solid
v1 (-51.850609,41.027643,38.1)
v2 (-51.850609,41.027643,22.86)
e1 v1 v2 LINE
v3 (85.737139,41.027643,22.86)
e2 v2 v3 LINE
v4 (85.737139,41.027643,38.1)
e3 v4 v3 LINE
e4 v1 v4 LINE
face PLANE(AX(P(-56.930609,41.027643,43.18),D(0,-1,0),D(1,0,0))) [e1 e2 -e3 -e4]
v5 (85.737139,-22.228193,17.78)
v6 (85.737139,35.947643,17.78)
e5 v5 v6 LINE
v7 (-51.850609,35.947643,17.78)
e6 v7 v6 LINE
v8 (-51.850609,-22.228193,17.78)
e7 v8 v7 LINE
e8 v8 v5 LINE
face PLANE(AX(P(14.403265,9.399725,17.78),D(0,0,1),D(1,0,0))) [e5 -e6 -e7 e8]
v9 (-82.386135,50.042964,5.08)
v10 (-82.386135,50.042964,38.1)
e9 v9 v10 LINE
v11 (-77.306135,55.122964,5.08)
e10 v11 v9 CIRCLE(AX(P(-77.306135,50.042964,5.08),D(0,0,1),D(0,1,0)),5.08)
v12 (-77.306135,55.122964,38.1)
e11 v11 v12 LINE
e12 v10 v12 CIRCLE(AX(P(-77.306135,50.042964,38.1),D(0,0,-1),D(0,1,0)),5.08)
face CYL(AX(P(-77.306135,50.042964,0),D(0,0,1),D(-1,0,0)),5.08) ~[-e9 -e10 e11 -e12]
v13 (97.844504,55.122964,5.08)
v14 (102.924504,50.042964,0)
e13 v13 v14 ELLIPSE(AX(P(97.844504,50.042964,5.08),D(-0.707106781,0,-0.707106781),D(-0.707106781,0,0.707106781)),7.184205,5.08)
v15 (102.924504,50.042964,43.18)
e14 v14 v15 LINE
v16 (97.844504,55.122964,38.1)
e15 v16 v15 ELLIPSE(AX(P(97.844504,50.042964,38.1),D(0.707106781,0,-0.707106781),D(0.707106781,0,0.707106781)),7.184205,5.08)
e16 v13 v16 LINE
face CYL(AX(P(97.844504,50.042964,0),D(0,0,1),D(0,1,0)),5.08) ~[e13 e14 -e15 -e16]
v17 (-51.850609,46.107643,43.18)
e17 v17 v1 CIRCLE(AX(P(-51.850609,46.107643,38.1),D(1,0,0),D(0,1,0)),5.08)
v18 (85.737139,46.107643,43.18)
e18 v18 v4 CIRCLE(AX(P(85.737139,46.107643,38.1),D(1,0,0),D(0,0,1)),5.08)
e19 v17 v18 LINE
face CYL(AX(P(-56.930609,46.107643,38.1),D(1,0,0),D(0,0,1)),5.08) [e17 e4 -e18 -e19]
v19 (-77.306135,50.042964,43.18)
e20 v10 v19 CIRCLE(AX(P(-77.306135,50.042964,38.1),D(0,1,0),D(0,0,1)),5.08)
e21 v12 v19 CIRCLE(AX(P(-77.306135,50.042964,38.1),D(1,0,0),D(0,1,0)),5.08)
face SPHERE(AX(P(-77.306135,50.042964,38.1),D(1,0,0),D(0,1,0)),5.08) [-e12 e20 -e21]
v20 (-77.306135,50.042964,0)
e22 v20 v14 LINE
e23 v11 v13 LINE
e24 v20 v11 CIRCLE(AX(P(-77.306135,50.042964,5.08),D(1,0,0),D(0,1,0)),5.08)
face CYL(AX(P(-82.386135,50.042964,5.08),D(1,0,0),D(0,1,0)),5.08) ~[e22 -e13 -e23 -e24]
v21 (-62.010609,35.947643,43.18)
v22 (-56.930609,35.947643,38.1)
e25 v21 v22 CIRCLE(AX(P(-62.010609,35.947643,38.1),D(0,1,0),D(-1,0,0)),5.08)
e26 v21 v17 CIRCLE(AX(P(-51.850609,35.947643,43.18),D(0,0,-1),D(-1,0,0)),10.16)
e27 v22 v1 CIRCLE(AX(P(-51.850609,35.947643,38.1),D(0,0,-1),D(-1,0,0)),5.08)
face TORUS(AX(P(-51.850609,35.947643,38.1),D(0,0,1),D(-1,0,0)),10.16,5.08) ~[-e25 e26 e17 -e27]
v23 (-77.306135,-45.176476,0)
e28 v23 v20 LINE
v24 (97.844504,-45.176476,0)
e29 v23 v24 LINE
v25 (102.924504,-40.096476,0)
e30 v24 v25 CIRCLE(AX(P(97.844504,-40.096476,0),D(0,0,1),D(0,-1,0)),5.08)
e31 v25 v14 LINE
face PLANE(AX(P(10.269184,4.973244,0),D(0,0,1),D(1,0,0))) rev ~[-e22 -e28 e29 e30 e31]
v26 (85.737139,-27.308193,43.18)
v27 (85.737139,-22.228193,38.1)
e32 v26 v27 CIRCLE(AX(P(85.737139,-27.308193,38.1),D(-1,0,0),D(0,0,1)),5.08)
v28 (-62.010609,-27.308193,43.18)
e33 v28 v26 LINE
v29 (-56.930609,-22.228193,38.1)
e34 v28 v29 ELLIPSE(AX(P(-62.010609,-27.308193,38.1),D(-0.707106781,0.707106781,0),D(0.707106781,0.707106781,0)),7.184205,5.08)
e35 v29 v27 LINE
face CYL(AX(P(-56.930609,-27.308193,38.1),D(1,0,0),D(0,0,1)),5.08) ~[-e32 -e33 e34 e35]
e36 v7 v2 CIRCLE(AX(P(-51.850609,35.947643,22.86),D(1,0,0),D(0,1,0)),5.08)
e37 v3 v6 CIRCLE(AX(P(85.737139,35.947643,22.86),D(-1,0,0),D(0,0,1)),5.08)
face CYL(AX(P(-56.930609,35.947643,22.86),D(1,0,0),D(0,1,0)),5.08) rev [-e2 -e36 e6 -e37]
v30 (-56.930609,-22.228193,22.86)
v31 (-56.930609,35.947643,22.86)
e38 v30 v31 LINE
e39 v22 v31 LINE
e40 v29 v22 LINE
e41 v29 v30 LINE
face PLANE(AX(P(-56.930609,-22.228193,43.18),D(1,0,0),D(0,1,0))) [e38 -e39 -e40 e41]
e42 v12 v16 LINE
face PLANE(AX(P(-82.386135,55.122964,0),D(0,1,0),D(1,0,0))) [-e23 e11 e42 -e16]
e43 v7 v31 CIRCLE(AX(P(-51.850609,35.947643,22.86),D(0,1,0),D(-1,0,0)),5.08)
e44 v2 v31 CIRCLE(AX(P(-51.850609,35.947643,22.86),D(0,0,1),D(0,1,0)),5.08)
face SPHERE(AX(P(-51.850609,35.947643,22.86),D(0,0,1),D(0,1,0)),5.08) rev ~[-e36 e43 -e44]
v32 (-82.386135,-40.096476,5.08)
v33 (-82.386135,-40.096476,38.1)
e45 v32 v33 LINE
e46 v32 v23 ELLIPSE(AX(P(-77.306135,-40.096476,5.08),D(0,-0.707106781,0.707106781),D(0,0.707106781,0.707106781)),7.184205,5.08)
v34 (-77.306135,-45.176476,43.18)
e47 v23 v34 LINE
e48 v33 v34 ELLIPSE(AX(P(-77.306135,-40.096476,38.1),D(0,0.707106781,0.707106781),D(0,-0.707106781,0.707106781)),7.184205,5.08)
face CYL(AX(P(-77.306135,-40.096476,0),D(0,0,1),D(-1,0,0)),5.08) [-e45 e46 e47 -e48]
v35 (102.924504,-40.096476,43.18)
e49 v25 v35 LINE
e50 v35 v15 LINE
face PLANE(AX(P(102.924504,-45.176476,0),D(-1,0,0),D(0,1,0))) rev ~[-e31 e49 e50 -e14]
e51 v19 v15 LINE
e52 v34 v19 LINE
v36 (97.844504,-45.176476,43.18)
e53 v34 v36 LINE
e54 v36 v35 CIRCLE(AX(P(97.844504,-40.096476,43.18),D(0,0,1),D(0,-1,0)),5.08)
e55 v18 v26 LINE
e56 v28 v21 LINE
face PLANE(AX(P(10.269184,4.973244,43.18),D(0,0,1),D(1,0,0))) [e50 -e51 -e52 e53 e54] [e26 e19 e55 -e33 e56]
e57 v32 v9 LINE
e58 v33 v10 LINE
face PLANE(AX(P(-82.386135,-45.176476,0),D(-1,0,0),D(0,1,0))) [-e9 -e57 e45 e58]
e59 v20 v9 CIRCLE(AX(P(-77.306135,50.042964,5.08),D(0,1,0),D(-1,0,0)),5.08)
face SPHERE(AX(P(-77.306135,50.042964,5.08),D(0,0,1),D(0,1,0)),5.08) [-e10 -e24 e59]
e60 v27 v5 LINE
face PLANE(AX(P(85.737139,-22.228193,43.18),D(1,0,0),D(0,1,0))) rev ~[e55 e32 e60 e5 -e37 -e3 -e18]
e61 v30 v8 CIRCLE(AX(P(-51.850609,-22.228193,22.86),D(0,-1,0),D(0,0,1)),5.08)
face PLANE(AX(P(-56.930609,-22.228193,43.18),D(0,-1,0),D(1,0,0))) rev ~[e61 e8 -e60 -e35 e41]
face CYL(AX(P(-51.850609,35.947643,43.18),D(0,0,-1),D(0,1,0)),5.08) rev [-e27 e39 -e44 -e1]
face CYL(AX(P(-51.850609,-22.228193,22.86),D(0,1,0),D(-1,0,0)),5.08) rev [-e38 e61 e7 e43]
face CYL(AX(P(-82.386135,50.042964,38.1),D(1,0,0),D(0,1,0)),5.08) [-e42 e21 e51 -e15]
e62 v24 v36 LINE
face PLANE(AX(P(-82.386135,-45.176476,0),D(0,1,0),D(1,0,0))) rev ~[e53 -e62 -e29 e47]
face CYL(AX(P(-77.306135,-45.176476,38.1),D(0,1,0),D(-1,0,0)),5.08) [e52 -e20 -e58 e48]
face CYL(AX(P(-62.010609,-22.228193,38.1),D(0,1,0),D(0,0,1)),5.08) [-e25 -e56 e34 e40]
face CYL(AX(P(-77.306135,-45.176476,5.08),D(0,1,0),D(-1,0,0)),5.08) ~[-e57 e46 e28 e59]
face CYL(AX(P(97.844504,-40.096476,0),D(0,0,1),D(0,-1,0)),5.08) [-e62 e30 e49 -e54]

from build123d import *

# Parameters (mm, degrees)
F0_W     = 185.310639
F0_H     = 100.29944
F1_DEPTH = 43.18
F2_W     = 142.667748
F2_H     = 63.255836
F3_DEPTH = 25.4
F4_R     = 5.08


with BuildPart() as f1:
    # F0 (on Top) → F1 (new body)
    with BuildSketch(Plane.XY):
        with Locations((10.269184, 4.973244)):
            Rectangle(F0_W, F0_H)
    extrude(amount=F1_DEPTH)

    # F2 (on face) → F3 (cut)
    with BuildSketch(Plane.XY.offset(43.18)):
        with Locations((14.403265, 9.399725)):
            Rectangle(F2_W, F2_H)
    extrude(amount=-F3_DEPTH, mode=Mode.SUBTRACT)

    # F4
    f4_edges = [f1.edges().sort_by_distance(p)[0] for p in [
        (-82.386136, -45.176476, 21.59),
        (102.924503, -45.176476, 21.59),
        (102.924503, 55.122964, 21.59),
        (10.269184, 55.122964, 43.18),
        (14.403265, 41.027643, 43.18),
        (-82.386136, 55.122964, 21.59),
        (-56.930609, 41.027643, 30.48),
        (14.403265, -22.228193, 43.18),
        (14.403265, 41.027643, 17.78),
        (-56.930609, 9.399725, 43.18),
        (-56.930609, 9.399725, 17.78),
        (10.269184, 55.122964, 0),
        (-82.386136, 4.973244, 43.18),
        (-82.386136, 4.973244, 0),
    ]]
    fillet(f4_edges, radius=F4_R)


solid = f1.part
